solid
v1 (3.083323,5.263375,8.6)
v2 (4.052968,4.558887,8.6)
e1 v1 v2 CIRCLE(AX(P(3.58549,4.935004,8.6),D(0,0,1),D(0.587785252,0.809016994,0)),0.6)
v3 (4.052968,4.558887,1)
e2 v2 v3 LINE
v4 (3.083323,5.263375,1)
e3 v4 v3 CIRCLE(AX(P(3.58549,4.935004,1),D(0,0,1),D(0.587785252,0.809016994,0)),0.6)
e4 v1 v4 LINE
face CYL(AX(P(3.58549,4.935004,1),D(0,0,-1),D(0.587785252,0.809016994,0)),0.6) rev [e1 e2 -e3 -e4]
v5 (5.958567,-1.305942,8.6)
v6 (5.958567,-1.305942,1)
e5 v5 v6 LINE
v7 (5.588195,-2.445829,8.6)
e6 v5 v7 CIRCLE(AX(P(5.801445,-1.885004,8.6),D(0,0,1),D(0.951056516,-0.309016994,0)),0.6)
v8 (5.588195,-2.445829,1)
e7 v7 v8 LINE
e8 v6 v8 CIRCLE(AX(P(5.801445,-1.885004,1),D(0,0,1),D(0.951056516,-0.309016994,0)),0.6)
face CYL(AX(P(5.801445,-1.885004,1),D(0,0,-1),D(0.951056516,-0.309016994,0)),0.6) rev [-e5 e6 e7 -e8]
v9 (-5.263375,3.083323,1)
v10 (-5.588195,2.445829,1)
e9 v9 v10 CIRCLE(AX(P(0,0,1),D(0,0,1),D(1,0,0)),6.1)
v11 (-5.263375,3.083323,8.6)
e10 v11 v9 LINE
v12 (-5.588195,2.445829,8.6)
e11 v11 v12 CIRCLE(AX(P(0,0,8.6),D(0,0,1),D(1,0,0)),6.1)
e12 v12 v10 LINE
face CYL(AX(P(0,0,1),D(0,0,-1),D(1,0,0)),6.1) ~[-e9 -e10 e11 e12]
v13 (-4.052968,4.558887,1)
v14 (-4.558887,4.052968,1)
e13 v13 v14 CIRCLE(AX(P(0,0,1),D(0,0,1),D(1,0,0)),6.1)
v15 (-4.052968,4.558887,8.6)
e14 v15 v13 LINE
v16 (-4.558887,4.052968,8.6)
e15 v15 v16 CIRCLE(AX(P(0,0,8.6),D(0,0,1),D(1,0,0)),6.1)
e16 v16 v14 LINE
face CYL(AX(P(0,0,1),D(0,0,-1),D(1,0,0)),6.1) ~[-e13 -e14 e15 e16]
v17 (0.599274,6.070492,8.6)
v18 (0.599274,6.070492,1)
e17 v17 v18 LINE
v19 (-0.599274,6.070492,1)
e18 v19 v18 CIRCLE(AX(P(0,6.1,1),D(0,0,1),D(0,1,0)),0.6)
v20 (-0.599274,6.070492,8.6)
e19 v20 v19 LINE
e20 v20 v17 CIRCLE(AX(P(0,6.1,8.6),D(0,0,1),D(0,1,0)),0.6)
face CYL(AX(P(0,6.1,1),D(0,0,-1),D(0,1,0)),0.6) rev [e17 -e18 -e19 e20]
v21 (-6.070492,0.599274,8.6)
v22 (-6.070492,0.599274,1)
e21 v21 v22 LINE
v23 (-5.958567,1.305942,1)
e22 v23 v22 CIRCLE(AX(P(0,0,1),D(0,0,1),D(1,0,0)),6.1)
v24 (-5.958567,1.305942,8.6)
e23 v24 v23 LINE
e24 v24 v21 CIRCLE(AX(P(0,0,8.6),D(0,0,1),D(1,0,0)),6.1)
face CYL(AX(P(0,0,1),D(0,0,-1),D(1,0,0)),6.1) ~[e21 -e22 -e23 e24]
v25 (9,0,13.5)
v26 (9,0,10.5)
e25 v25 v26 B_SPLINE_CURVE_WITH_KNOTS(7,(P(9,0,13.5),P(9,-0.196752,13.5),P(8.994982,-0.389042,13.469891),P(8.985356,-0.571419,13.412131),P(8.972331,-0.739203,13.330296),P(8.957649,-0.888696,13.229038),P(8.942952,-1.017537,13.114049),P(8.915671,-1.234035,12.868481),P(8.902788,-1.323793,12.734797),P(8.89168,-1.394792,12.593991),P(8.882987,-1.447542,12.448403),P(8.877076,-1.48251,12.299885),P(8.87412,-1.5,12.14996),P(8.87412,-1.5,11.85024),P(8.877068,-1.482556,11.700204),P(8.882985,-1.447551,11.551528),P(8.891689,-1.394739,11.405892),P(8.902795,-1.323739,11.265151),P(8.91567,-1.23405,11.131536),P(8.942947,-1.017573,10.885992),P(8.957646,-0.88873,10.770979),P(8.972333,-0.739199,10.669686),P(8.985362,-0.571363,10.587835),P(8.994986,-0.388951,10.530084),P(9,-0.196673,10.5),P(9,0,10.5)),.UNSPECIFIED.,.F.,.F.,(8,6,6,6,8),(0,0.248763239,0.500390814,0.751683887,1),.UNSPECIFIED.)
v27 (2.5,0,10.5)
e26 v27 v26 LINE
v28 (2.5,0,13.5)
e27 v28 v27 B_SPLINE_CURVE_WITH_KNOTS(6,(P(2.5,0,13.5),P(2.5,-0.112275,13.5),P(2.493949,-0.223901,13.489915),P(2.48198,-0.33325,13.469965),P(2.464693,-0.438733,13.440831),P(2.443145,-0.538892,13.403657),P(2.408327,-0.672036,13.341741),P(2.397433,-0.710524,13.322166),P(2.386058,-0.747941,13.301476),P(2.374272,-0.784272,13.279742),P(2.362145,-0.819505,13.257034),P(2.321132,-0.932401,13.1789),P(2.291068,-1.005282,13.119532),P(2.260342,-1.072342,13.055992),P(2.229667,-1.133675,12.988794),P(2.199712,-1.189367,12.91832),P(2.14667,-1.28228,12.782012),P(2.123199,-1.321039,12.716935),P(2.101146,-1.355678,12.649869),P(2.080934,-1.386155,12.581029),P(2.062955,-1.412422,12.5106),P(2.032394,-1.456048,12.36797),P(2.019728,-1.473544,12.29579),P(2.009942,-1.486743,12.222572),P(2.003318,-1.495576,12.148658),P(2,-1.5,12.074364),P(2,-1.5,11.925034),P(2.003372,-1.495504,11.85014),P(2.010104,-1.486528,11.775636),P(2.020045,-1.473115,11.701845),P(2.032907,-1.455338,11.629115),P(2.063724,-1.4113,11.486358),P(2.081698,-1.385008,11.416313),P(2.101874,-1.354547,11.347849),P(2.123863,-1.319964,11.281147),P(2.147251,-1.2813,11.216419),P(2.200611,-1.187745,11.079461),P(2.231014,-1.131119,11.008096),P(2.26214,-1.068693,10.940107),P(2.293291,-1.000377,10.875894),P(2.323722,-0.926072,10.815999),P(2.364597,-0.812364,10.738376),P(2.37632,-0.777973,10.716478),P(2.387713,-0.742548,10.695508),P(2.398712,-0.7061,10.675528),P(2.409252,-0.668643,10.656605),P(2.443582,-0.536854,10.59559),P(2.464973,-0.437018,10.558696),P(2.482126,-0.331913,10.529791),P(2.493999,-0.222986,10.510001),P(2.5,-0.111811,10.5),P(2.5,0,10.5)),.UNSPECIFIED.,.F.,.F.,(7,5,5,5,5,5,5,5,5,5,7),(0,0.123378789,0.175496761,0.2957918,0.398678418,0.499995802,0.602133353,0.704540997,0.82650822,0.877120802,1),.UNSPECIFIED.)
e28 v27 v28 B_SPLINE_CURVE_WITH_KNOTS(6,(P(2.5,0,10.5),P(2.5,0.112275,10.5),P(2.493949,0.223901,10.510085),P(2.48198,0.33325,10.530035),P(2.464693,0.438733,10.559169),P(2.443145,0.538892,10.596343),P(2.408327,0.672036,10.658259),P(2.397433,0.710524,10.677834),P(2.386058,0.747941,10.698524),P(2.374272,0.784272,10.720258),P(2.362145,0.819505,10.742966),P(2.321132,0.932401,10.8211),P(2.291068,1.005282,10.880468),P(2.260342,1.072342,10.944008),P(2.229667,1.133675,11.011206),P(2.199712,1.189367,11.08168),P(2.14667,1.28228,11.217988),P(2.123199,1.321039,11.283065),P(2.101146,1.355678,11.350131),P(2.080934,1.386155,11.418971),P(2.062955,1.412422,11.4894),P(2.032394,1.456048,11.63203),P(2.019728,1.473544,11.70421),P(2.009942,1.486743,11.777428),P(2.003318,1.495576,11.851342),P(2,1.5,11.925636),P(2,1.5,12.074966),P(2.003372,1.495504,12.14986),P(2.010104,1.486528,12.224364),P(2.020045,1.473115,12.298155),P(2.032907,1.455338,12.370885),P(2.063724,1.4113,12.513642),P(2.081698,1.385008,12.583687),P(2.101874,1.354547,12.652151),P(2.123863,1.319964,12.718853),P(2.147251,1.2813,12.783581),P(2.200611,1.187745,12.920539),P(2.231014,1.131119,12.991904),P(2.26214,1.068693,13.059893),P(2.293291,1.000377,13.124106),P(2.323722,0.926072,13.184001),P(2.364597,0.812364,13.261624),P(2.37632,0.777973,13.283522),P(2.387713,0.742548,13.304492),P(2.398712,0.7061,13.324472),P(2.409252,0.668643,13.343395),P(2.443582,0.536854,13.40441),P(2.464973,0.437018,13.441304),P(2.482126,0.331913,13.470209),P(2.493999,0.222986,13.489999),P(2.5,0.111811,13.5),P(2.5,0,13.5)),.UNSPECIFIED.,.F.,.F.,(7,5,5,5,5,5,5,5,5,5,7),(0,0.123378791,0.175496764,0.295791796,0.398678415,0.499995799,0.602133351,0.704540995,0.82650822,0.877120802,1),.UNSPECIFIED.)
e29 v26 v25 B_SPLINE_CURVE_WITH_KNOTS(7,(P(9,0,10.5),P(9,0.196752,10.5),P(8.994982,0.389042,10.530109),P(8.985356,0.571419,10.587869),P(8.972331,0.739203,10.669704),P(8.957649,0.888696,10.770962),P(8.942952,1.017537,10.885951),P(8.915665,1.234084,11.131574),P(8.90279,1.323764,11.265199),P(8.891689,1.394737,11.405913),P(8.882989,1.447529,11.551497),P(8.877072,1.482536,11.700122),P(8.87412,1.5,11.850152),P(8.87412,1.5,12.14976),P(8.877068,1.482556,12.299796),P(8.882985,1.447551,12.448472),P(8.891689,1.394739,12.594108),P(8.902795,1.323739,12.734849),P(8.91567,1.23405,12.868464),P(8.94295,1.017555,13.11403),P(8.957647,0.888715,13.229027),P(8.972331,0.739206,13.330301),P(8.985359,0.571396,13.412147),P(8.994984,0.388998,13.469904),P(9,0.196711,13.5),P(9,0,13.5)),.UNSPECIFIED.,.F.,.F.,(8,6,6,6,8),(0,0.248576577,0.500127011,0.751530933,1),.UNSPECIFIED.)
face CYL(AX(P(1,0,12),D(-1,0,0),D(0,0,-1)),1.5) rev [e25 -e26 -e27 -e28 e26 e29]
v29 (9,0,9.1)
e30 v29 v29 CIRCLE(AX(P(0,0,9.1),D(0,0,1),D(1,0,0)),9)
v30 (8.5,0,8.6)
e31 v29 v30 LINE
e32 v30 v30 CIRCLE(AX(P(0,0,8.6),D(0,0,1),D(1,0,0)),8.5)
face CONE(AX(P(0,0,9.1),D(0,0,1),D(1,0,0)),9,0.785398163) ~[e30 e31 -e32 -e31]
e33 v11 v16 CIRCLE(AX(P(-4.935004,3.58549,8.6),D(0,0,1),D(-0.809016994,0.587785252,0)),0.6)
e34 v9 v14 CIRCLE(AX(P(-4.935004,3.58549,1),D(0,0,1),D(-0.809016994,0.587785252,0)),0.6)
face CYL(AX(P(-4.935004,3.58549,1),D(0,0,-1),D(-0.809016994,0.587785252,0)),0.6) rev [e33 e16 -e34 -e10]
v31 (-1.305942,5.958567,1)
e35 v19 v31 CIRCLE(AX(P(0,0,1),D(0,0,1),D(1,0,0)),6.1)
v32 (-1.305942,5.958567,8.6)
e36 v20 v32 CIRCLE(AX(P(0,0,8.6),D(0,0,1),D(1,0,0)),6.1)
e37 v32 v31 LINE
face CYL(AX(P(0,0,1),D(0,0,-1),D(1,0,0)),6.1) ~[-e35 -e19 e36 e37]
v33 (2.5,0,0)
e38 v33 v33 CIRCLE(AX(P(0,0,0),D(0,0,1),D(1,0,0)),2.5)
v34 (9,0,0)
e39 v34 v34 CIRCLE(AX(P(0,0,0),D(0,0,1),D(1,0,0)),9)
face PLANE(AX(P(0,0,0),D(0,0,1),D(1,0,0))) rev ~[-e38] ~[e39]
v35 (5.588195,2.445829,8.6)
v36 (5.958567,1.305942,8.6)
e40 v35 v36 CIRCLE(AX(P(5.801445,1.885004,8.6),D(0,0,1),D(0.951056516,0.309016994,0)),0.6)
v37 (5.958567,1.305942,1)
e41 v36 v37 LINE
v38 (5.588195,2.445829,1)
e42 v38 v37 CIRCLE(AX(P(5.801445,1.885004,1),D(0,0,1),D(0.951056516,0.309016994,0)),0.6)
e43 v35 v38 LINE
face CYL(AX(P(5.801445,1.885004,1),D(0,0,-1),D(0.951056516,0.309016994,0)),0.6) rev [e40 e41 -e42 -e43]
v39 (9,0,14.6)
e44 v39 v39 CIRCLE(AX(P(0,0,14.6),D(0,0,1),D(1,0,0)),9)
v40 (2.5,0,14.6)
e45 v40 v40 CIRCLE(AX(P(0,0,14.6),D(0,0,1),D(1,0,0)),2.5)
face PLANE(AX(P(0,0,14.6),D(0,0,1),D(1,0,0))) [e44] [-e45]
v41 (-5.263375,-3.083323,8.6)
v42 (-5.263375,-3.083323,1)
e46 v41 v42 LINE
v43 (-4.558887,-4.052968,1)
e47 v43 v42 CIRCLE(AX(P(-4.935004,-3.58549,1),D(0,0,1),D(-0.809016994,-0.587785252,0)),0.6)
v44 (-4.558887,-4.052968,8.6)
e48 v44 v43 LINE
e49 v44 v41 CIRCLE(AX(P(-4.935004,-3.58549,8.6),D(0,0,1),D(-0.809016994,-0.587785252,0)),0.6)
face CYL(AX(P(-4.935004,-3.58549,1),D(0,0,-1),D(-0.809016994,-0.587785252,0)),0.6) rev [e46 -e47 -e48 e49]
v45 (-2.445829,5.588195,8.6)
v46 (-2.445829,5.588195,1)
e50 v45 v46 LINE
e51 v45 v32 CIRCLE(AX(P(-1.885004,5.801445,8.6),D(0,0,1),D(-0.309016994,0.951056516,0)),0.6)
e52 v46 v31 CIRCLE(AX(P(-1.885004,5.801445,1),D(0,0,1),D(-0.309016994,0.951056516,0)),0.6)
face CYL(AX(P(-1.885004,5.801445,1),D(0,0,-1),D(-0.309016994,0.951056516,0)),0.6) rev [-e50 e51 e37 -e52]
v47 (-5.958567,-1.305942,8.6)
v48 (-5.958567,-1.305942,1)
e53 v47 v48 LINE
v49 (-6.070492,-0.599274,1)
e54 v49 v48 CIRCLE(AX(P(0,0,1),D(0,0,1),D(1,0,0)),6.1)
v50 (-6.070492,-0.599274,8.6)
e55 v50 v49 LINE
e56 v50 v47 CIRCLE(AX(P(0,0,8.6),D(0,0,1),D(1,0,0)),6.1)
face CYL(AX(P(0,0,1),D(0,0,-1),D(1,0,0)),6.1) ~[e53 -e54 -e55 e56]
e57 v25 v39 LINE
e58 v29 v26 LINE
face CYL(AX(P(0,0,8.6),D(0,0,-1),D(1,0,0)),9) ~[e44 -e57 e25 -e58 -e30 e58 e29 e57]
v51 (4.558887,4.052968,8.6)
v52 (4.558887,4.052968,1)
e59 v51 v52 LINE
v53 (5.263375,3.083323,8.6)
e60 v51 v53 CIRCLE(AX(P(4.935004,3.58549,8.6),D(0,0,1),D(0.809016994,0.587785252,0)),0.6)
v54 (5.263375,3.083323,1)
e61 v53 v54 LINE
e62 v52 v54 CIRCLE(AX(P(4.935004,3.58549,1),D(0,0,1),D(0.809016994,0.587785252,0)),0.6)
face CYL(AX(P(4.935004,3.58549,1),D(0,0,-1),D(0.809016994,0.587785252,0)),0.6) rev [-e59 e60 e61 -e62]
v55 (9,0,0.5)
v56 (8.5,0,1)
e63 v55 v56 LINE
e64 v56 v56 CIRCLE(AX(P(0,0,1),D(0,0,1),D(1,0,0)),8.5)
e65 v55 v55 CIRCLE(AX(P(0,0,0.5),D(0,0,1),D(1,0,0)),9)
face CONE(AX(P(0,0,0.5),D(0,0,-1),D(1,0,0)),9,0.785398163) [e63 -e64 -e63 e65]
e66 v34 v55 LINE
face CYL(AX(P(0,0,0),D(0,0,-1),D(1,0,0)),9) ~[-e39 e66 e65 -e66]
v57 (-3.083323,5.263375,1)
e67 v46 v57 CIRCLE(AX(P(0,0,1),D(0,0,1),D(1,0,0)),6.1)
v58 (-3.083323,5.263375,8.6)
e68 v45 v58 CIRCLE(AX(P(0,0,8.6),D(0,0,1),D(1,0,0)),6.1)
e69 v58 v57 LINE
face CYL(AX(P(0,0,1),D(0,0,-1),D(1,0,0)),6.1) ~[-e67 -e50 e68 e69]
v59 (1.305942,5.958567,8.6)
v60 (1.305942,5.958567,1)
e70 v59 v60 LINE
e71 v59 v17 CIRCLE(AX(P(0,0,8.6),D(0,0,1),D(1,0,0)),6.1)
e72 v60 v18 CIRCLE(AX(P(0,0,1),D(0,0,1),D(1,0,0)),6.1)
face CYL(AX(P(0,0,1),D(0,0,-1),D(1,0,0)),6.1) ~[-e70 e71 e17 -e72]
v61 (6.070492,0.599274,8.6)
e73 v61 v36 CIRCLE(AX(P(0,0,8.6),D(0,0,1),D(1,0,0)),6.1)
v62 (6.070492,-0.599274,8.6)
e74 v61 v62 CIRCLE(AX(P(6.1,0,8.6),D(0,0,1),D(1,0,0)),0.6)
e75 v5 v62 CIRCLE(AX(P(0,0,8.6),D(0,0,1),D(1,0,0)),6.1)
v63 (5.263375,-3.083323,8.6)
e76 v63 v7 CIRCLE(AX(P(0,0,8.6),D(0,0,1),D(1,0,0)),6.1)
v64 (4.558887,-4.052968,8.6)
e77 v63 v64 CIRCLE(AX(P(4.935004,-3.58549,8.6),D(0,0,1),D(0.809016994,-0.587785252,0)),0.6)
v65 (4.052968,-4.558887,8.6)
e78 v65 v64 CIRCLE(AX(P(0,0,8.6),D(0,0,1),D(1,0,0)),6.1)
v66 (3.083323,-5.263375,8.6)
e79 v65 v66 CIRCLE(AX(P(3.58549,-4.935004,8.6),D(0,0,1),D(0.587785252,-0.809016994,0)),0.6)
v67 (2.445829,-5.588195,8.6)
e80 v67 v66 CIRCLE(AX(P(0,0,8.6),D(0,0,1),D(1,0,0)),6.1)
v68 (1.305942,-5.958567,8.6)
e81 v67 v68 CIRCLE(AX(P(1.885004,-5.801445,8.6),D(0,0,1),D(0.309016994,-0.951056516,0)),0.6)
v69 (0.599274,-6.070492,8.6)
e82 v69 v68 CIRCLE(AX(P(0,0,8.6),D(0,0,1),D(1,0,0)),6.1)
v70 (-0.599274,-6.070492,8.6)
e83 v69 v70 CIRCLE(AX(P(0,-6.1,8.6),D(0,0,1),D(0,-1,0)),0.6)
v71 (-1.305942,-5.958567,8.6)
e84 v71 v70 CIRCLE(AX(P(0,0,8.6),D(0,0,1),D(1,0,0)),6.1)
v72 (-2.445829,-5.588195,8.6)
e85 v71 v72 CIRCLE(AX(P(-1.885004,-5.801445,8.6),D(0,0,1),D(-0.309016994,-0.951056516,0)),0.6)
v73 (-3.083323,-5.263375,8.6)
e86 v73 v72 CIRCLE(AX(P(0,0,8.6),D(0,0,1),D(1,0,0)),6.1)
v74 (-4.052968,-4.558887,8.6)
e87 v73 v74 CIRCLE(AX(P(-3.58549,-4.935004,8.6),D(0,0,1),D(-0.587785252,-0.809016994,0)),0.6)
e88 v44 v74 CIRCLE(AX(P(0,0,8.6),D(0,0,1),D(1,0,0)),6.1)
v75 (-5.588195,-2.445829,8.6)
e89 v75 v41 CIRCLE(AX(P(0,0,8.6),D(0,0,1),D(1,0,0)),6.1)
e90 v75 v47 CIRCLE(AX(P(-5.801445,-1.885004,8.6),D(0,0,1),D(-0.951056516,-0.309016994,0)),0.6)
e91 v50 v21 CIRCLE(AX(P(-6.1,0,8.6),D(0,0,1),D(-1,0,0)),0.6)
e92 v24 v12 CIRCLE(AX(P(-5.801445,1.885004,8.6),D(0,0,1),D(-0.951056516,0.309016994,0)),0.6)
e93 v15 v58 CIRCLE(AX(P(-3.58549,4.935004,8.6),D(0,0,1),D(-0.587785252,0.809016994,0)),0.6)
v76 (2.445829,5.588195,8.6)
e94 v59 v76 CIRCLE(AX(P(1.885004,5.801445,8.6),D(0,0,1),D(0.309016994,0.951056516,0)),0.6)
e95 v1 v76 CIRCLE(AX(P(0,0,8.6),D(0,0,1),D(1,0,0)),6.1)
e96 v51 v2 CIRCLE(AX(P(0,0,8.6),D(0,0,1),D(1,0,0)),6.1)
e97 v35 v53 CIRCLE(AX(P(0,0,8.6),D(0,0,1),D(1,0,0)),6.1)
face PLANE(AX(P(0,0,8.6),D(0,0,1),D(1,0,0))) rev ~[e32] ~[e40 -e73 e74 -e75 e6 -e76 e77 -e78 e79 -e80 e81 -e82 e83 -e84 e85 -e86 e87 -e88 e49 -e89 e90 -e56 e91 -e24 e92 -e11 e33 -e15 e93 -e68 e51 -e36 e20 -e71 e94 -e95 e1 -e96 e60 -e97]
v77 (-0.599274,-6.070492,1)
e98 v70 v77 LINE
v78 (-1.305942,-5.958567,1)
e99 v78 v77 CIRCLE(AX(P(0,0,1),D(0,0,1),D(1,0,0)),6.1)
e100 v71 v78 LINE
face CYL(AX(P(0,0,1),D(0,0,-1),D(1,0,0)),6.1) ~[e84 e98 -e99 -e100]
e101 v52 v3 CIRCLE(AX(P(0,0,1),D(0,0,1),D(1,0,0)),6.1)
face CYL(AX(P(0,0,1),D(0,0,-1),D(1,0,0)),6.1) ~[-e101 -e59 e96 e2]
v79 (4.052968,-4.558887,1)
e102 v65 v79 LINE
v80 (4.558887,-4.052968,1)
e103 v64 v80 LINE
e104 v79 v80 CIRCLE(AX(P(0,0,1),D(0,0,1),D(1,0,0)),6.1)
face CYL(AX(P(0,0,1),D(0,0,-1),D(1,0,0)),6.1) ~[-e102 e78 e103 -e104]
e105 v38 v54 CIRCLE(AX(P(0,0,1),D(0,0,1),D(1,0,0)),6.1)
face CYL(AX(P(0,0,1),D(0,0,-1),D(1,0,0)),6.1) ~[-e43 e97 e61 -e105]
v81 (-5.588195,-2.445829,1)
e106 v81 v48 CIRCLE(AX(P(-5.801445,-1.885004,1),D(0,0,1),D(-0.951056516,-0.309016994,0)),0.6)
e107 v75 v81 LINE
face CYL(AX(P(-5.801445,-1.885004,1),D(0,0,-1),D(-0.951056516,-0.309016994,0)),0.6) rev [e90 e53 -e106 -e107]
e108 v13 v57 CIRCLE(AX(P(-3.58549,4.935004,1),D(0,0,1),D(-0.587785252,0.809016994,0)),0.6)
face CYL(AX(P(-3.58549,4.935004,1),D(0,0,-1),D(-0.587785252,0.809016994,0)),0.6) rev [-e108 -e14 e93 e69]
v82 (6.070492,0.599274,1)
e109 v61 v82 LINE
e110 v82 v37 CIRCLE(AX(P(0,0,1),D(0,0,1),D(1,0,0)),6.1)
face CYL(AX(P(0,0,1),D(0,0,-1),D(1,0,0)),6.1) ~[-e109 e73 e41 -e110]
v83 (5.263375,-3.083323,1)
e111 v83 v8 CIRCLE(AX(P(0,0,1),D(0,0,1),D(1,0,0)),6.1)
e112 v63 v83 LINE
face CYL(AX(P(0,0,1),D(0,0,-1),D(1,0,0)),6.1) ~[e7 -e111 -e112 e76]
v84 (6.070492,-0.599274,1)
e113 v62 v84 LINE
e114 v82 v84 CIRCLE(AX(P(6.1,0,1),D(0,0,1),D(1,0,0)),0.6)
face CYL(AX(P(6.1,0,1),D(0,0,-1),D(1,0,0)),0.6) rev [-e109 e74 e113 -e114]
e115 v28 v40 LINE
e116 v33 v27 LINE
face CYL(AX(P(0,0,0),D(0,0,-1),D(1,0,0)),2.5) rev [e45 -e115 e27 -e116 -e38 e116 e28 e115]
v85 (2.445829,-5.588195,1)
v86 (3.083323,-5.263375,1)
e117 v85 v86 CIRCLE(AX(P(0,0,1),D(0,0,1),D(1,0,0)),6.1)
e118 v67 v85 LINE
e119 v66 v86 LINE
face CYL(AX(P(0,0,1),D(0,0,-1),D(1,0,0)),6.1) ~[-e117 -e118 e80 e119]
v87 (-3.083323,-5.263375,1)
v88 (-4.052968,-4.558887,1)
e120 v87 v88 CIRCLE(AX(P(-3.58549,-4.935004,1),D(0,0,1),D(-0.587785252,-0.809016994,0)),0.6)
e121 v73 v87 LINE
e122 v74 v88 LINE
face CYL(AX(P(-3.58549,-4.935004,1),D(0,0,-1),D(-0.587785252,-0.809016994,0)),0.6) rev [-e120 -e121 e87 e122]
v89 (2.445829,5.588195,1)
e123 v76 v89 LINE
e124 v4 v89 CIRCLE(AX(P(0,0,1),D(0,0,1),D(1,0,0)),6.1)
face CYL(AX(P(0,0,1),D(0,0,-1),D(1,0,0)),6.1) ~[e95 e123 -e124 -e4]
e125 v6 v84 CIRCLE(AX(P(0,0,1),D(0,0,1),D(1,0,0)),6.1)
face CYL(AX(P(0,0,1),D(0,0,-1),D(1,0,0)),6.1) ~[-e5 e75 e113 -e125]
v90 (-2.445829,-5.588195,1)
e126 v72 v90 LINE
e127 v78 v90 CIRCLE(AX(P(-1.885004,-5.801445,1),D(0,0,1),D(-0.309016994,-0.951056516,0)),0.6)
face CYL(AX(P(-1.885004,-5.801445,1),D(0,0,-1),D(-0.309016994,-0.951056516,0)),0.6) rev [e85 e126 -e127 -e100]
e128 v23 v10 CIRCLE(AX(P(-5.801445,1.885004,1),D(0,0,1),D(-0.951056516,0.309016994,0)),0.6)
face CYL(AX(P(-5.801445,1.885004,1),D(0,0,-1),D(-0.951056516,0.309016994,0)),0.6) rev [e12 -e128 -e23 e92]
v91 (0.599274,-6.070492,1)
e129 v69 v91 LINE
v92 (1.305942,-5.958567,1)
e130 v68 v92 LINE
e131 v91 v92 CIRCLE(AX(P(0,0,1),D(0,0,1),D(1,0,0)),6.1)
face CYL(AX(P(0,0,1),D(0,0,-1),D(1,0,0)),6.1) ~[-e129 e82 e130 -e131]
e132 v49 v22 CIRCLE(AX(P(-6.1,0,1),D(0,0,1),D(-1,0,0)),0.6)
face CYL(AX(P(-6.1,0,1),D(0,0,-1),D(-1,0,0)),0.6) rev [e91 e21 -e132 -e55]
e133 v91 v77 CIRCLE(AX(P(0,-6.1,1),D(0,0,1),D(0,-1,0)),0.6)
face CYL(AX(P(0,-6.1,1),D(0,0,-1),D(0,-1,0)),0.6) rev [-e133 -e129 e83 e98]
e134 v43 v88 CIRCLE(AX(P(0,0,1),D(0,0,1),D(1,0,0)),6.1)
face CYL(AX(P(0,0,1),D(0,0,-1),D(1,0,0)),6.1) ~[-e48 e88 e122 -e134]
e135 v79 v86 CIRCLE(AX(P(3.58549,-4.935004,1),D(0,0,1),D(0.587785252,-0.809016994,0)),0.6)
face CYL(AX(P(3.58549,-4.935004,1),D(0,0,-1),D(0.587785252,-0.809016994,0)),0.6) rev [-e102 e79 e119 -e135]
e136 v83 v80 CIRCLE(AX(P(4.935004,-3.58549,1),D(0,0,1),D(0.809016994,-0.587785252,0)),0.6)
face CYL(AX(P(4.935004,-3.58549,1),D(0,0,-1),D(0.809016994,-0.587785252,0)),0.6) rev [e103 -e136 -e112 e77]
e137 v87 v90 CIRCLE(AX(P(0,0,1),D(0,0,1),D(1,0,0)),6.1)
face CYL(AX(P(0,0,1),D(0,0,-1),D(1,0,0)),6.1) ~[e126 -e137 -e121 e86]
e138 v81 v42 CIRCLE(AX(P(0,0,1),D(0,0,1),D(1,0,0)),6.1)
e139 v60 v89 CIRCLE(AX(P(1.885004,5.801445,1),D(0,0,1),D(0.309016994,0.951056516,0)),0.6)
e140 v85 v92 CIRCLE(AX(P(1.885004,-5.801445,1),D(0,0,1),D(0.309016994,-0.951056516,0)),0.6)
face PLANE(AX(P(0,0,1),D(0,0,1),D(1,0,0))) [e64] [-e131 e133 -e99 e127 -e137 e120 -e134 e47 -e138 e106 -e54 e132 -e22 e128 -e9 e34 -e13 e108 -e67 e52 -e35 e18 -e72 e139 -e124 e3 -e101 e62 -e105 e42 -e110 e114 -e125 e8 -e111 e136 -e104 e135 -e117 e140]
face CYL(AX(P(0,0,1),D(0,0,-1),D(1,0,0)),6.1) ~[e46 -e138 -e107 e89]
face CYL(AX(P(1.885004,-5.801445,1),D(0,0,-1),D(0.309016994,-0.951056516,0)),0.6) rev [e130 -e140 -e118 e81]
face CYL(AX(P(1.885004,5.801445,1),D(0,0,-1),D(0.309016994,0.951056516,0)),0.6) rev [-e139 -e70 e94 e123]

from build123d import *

# Parameters (mm, degrees)
CYLINDER014_R           = 1.5
CYLINDER014_DEPTH       = 9
CYLINDER014_PITCH_ANGLE = 90
CYLINDER013_R           = 2.5
CYLINDER013_DEPTH       = 14.6
CYLINDER011_R           = 9
CYLINDER011_DEPTH       = 1
CHAMFER007_SIZE         = 0.5
CYLINDER012_R           = 9
CYLINDER012_DEPTH       = 6
CHAMFER008_SIZE         = 0.5
CYLINDER009_R           = 0.6
CYLINDER009_DEPTH       = 7.6
ARRAY_COUNT             = 20
CYLINDER010_R           = 6.1
CYLINDER010_DEPTH       = 7.6


with BuildPart() as cilindro007:
    # Cylinder014 → Cylinder014 (new body)
    with BuildSketch(Plane.XY):
        Circle(CYLINDER014_R)
    extrude(amount=CYLINDER014_DEPTH)


with BuildPart() as cilindro007_1:
    # Cylinder014 pitch: moved
    add(cilindro007.part.rotate(Axis((0, 0, 0), (0, 1, 0)), CYLINDER014_PITCH_ANGLE))


with BuildPart() as cilindro007_2:
    # Cylinder014 placement: moved
    add(cilindro007_1.part.moved(Location((1, 0, 12))))


with BuildPart() as cilindro006:
    # Cylinder013 → Cylinder013 (new body)
    with BuildSketch(Plane.XY):
        Circle(CYLINDER013_R)
    extrude(amount=CYLINDER013_DEPTH)


with BuildPart() as chamfer007:
    # Cylinder011 → Cylinder011 (new body)
    with BuildSketch(Plane.XY):
        Circle(CYLINDER011_R)
    extrude(amount=CYLINDER011_DEPTH)

    # Chamfer007
    chamfer007_edges = [chamfer007.edges().sort_by_distance(p)[0] for p in [
        (-9, 0, 1),
    ]]
    chamfer(chamfer007_edges, length=CHAMFER007_SIZE)


with BuildPart() as chamfer008:
    # Cylinder012 → Cylinder012 (new body)
    with BuildSketch(Plane.XY.offset(8.6)):
        Circle(CYLINDER012_R)
    extrude(amount=CYLINDER012_DEPTH)

    # Chamfer008
    chamfer008_edges = [chamfer008.edges().sort_by_distance(p)[0] for p in [
        (-9, 0, 8.6),
    ]]
    chamfer(chamfer008_edges, length=CHAMFER008_SIZE)


with BuildPart() as array:
    # Cylinder009 → Cylinder009 (new body)
    with BuildSketch(Plane(origin=(6.1, 0, 0), x_dir=(1, 0, 0), z_dir=(0, 0, 1))):
        Circle(CYLINDER009_R)
    extrude(amount=CYLINDER009_DEPTH)

    # Array: Array ×20 about axis
    array_axis = Axis((0, 0, 0), (0, 0, 1))


with BuildPart() as array_1:
    add(array.part)
    for i in range(1, ARRAY_COUNT):
        add(array.part.rotate(array_axis, i * 360 / ARRAY_COUNT))


with BuildPart() as cut017:
    # Cylinder010 → Cylinder010 (new body)
    with BuildSketch(Plane.XY):
        Circle(CYLINDER010_R)
    extrude(amount=CYLINDER010_DEPTH)

    # Cut015: cut Array
    add(array_1.part, mode=Mode.SUBTRACT)


with BuildPart() as cut017_1:
    # Cut015 placement: moved
    add(cut017.part.moved(Location((0, 0, 1))))

    # Fusion006: union Chamfer007, Chamfer008
    add(chamfer007.part)
    add(chamfer008.part)

    # Cut016: cut Cilindro006
    add(cilindro006.part, mode=Mode.SUBTRACT)

    # Cut017: cut Cilindro007
    add(cilindro007_2.part, mode=Mode.SUBTRACT)


solid = cut017_1.part
